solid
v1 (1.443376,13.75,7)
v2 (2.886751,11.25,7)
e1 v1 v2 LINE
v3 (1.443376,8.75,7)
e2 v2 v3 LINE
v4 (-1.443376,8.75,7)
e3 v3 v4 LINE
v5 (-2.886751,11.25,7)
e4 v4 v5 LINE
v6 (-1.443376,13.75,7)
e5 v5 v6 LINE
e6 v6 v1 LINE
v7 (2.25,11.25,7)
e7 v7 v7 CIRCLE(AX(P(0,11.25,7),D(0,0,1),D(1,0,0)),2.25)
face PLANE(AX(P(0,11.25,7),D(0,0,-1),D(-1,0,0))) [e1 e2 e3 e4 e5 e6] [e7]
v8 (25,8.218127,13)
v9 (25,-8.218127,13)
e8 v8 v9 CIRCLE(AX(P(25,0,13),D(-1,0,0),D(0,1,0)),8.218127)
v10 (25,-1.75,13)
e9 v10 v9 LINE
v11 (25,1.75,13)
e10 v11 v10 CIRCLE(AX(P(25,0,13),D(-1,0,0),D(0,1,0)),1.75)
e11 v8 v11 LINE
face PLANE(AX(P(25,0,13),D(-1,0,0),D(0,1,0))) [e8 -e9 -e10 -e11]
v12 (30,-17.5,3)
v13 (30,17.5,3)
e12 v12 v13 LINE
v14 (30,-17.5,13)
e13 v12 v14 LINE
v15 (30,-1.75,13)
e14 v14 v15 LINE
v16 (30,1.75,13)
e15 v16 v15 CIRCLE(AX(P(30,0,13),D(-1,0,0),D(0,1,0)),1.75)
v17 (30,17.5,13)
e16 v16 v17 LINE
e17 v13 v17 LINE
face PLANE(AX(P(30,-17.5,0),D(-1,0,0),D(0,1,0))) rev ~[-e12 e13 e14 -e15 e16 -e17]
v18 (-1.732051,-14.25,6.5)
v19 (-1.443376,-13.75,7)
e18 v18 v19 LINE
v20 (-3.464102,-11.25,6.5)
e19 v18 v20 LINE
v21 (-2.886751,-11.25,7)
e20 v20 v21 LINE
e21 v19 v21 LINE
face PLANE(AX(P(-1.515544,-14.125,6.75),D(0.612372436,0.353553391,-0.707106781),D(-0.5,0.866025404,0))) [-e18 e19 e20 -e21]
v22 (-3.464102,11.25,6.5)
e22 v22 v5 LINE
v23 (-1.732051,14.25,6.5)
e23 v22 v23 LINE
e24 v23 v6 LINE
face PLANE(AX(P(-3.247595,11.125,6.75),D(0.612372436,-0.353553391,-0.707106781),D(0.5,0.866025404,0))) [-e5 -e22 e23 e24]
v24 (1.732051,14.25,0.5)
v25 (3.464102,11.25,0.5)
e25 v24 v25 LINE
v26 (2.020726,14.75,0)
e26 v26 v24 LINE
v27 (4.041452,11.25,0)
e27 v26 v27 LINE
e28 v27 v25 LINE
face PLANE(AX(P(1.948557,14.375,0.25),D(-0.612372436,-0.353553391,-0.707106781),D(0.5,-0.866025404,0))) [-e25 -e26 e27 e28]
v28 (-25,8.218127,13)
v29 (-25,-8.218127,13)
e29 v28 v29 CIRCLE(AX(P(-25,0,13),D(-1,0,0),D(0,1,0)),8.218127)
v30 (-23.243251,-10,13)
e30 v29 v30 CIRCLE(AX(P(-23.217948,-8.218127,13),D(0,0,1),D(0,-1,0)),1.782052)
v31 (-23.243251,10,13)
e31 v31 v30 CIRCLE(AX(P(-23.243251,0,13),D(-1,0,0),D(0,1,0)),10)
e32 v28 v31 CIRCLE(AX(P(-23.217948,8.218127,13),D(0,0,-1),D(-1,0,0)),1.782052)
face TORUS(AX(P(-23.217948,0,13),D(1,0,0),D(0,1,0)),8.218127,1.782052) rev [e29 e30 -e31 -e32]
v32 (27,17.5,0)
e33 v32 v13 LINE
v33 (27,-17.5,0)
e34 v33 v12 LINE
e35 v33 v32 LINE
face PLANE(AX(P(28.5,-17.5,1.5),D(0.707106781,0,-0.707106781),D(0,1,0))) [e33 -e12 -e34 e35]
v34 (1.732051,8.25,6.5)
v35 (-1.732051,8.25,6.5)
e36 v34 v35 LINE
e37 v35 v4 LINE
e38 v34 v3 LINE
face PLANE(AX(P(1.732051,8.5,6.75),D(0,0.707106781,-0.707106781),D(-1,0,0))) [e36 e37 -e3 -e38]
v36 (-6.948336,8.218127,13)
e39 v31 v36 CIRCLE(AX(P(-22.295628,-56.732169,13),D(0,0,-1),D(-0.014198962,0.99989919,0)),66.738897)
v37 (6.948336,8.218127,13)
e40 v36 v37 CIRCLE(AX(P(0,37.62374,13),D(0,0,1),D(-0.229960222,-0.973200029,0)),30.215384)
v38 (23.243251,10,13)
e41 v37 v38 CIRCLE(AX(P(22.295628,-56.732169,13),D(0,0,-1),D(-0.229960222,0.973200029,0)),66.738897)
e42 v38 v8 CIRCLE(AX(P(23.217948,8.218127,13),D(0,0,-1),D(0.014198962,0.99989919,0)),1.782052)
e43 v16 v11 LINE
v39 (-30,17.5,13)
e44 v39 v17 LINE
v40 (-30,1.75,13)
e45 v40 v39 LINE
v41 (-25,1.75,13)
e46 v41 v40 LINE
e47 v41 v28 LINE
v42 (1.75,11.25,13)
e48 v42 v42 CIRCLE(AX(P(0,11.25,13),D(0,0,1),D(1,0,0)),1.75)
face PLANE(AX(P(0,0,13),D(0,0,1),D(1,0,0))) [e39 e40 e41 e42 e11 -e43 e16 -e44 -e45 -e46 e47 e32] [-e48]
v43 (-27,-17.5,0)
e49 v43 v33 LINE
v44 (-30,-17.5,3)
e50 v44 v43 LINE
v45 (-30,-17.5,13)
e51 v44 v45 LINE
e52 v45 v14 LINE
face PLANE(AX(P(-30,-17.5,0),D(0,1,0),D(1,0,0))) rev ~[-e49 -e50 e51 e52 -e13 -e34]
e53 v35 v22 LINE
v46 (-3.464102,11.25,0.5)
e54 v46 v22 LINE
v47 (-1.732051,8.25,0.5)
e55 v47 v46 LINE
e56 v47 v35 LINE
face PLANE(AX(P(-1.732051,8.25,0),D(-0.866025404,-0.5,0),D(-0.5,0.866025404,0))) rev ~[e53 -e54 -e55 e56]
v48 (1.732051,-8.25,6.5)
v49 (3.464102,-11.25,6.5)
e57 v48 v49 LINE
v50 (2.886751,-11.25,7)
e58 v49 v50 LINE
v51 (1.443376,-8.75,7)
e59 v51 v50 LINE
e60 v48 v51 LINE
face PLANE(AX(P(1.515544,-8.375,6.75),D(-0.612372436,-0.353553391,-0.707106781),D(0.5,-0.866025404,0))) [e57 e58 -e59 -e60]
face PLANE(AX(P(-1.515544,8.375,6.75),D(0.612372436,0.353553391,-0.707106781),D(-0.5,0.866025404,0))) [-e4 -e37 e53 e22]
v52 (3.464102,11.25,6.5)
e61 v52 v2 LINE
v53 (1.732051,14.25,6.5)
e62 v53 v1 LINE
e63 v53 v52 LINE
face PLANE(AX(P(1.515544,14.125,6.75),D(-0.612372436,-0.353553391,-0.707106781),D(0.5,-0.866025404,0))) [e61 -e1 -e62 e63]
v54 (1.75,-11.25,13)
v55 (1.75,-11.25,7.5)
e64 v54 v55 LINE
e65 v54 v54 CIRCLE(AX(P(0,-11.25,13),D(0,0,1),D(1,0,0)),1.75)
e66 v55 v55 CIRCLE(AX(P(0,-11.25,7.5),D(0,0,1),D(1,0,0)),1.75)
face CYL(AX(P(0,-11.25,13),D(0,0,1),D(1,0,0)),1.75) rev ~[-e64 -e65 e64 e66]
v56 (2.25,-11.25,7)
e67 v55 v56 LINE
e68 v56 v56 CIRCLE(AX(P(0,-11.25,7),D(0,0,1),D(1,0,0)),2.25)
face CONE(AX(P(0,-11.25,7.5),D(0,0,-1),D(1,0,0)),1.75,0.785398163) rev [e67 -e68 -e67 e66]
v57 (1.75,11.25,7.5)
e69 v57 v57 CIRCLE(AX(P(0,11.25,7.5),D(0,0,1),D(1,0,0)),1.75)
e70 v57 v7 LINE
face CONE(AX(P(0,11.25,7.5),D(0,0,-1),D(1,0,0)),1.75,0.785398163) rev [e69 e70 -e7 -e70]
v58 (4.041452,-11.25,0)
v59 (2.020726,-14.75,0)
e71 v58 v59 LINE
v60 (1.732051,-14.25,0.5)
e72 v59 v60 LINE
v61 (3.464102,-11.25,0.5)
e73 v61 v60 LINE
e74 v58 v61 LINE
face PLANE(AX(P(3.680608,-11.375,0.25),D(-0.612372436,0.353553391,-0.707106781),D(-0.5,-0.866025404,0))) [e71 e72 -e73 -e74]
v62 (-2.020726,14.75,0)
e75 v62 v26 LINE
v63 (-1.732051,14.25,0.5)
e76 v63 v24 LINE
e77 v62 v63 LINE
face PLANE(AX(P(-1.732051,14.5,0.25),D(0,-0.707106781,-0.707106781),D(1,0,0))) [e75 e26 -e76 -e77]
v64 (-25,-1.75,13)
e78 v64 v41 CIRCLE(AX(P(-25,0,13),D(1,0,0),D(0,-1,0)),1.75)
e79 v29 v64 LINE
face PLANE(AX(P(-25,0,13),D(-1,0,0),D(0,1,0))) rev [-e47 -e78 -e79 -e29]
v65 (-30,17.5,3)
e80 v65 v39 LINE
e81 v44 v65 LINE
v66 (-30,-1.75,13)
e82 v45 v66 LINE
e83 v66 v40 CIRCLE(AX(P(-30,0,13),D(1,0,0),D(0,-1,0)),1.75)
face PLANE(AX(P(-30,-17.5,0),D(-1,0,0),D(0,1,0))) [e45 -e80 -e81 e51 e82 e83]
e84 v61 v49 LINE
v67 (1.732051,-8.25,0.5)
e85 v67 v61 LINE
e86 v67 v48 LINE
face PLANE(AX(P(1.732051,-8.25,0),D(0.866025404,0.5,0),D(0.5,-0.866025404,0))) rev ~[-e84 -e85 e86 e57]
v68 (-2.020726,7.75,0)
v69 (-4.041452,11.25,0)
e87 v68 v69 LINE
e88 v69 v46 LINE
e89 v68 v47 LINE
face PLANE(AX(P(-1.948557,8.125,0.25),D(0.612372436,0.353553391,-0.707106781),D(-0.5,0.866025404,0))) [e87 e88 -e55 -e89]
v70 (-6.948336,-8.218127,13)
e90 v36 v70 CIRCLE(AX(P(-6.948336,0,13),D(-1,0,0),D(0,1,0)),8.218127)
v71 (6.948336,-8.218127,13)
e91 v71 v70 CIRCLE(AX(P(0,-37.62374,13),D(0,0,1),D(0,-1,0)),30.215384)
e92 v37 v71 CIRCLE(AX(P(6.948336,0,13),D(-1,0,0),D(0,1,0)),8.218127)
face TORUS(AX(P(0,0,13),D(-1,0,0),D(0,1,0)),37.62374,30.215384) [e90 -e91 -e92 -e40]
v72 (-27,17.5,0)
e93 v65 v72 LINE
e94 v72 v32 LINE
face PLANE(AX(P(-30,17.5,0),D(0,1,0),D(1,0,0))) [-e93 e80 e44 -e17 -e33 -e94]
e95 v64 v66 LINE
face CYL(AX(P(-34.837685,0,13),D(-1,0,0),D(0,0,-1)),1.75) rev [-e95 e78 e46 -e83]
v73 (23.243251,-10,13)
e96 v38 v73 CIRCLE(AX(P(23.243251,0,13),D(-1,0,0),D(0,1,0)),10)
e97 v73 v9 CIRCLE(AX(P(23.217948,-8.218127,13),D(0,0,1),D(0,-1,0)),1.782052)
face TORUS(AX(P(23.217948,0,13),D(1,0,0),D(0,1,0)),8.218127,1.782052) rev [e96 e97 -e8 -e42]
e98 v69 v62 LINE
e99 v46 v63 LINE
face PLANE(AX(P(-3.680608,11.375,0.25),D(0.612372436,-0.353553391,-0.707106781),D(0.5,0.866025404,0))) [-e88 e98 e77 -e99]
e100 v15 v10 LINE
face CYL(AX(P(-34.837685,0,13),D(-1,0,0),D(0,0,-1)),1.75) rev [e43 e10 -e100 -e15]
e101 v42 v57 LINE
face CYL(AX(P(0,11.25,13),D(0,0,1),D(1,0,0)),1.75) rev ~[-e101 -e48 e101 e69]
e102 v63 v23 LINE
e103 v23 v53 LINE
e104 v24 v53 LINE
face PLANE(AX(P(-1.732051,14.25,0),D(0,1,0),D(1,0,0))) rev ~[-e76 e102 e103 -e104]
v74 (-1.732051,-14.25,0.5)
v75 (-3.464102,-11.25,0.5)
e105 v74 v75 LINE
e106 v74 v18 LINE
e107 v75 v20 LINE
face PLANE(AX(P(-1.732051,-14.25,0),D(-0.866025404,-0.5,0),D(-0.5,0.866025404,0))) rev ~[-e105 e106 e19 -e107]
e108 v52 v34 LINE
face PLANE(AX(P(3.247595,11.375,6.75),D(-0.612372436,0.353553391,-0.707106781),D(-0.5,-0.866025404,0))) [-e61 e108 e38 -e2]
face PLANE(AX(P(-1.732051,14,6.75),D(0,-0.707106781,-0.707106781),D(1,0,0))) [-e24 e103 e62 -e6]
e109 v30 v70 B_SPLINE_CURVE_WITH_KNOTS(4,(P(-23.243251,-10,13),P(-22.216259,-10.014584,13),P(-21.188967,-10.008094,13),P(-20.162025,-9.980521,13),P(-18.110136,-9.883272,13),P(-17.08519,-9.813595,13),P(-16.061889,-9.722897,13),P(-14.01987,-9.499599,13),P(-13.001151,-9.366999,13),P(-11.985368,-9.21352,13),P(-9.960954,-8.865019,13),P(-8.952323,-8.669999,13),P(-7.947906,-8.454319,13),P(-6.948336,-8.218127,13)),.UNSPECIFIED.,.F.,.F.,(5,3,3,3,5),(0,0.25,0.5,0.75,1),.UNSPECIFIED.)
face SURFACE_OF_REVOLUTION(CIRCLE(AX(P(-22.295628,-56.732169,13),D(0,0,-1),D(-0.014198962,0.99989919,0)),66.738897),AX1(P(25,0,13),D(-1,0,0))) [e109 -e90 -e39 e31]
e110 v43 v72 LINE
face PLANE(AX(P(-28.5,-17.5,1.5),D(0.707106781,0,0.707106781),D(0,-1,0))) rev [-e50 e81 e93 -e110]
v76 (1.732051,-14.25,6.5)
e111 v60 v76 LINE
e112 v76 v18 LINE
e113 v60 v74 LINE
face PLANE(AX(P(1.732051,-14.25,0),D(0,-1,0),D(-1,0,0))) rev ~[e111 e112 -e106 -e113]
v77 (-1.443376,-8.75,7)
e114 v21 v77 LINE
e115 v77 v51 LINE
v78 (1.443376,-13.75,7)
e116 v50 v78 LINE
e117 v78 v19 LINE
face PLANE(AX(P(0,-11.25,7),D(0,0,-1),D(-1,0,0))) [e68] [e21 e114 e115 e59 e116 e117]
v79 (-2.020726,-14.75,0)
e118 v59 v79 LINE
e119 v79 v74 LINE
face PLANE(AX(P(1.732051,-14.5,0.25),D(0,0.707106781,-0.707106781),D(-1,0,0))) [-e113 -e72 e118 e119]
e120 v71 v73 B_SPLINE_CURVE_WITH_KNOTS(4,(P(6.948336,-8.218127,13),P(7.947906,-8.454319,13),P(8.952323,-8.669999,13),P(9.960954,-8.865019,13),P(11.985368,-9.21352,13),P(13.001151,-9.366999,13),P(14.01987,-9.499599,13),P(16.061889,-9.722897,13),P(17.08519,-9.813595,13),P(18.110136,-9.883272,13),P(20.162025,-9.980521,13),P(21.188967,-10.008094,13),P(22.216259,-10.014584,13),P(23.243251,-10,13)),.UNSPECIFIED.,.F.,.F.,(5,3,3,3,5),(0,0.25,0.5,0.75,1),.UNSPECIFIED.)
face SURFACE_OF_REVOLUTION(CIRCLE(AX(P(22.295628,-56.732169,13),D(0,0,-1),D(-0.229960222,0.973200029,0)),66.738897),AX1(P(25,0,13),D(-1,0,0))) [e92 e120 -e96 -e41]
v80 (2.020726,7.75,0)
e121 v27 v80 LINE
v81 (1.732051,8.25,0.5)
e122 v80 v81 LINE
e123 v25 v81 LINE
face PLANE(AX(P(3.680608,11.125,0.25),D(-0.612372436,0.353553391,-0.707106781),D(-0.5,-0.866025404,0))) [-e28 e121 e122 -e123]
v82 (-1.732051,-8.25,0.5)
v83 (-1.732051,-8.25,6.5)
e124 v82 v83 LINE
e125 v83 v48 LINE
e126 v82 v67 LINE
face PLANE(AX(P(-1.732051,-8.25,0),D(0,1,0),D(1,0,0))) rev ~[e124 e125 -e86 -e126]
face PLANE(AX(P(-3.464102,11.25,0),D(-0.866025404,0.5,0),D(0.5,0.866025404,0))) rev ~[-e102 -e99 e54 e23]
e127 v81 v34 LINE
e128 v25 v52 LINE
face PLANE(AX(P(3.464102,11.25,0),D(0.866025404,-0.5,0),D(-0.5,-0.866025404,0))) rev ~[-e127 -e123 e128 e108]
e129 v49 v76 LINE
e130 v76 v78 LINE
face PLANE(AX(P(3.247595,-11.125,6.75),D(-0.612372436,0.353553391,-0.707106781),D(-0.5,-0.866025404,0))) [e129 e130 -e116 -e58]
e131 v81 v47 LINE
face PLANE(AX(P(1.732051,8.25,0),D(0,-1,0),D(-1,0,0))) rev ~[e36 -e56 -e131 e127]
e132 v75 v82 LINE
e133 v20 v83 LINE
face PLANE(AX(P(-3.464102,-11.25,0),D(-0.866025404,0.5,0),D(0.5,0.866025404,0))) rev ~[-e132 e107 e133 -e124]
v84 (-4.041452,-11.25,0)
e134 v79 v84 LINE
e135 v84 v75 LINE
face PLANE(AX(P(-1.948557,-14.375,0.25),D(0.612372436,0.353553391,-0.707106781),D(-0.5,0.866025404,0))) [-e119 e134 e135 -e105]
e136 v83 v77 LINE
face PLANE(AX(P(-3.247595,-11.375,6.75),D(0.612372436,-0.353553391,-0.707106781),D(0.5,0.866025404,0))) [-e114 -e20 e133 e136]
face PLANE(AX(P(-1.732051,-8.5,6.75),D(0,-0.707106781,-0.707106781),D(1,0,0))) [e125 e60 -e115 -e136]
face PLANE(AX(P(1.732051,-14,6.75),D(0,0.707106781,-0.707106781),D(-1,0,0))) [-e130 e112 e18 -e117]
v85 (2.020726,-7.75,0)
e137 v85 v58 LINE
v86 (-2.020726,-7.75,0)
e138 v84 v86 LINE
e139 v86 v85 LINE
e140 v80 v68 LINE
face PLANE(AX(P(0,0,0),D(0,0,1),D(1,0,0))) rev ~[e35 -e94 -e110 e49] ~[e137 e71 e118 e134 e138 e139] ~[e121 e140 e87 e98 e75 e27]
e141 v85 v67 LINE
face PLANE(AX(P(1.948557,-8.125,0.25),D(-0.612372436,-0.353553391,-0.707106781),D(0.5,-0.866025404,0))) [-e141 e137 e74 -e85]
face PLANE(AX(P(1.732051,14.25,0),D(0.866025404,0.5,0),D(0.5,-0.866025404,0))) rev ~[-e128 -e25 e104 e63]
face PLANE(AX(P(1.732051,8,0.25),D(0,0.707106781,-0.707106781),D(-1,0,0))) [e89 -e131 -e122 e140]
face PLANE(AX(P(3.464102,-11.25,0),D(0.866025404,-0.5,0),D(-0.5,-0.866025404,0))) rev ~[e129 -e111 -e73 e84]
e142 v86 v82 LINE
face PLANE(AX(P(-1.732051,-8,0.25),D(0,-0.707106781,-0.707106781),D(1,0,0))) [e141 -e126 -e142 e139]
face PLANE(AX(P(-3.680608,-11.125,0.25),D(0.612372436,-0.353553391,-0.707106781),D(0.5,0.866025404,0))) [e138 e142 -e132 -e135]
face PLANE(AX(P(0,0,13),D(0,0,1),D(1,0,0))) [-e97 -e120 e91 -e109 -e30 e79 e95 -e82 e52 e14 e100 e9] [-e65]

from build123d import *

# Parameters (mm, degrees)
SKETCH1_W               = 60
SKETCH1_H               = 35
BOSS_EXTRUDE1_DEPTH     = 13
CUT_EXTRUDE1_DEPTH      = 64.837684937
CUT_EXTRUDE1_DEPTH_BACK = 64.837684937
SKETCH3_R               = 1.75
SKETCH5_R               = 1.75
CUT_EXTRUDE3_DEPTH      = 38.08436341
CHAMFER1_SIZE           = 3
CUT_EXTRUDE4_DEPTH      = 7
CHAMFER2_SIZE           = 0.5


with BuildPart() as part:
    # Sketch1 → Boss-Extrude1 (new body)
    with BuildSketch(Plane.XY):
        Rectangle(SKETCH1_W, SKETCH1_H)
    extrude(amount=BOSS_EXTRUDE1_DEPTH)

    # Sketch2 → Cut-Revolve1 (revolve, cut)
    with BuildSketch(Plane.XY.offset(13)):
        with BuildLine():
            Line((-25, 0), (-25, 8.218127455))
            ThreePointArc((-25, 8.218127455), (-24.486963528, 9.469250598), (-23.243251097, 10))
            ThreePointArc((-23.243251097, 10), (-15.040879193, 9.611248064), (-6.94833646, 8.218127455))
            ThreePointArc((-6.94833646, 8.218127455), (0, 7.408356031), (6.94833646, 8.218127455))
            ThreePointArc((6.94833646, 8.218127455), (15.040879193, 9.611248064), (23.243251097, 10))
            ThreePointArc((23.243251097, 10), (24.486963528, 9.469250598), (25, 8.218127455))
            Line((25, 8.218127455), (25, 0))
            Line((25, 0), (-25, 0))
        make_face()
    revolve(axis=Axis((25, 0, 13), (-1, 0, 0)), mode=Mode.SUBTRACT)

    # Sketch3 → Cut-Extrude1 (cut, two sides: drawn at the far end of the back side and taken through both)
    with BuildSketch(Plane(origin=(30, 0, 0), x_dir=(0, 0, -1), z_dir=(1, 0, 0)).offset(-CUT_EXTRUDE1_DEPTH_BACK)):
        with Locations((-13, 0)):
            Circle(SKETCH3_R)
    extrude(amount=CUT_EXTRUDE1_DEPTH + CUT_EXTRUDE1_DEPTH_BACK, mode=Mode.SUBTRACT)

    # Sketch5 → Cut-Extrude3 (cut, through all)
    with BuildSketch(Plane.XY.offset(13)):
        with Locations((0, 11.25)):
            Circle(SKETCH5_R)
        with Locations((0, -11.25)):
            Circle(SKETCH5_R)
    extrude(amount=-CUT_EXTRUDE3_DEPTH, mode=Mode.SUBTRACT)

    # Chamfer1
    chamfer1_edges = [part.edges().sort_by_distance(p)[0] for p in [
        (-30, 0, 0),
        (30, 0, 0),
    ]]
    chamfer(chamfer1_edges, length=CHAMFER1_SIZE)

    # Sketch6 → Cut-Extrude4 (cut)
    with BuildSketch(Plane(origin=(0, 0, 0), x_dir=(-1, 0, 0), z_dir=(0, 0, -1))):
        Polygon((3.464101615, 11.25), (1.732050808, 14.25), (-1.732050808, 14.25), (-3.464101615, 11.25), (-1.732050808, 8.25), (1.732050808, 8.25), align=None)
        Polygon((3.464101615, -11.25), (1.732050808, -8.25), (-1.732050808, -8.25), (-3.464101615, -11.25), (-1.732050808, -14.25), (1.732050808, -14.25), align=None)
    extrude(amount=-CUT_EXTRUDE4_DEPTH, mode=Mode.SUBTRACT)

    # Chamfer2
    chamfer2_edges = [part.edges().sort_by_distance(p)[0] for p in [
        (-2.598076211, 9.75, 0),
        (-2.598076211, 12.75, 0),
        (0, 14.25, 0),
        (2.598076211, 12.75, 0),
        (2.598076211, 9.75, 0),
        (0, 8.25, 0),
        (-2.598076211, 9.75, 7),
        (0, 8.25, 7),
        (2.598076211, 9.75, 7),
        (2.598076211, 12.75, 7),
        (0, 14.25, 7),
        (-2.598076211, 12.75, 7),
        (-1.75, 11.25, 7),
        (-2.598076211, -12.75, 0),
        (-2.598076211, -9.75, 0),
        (0, -8.25, 0),
        (2.598076211, -9.75, 0),
        (2.598076211, -12.75, 0),
        (0, -14.25, 0),
        (-2.598076211, -12.75, 7),
        (0, -14.25, 7),
        (2.598076211, -12.75, 7),
        (2.598076211, -9.75, 7),
        (0, -8.25, 7),
        (-2.598076211, -9.75, 7),
        (-1.75, -11.25, 7),
    ]]
    chamfer(chamfer2_edges, length=CHAMFER2_SIZE)


solid = part.part
